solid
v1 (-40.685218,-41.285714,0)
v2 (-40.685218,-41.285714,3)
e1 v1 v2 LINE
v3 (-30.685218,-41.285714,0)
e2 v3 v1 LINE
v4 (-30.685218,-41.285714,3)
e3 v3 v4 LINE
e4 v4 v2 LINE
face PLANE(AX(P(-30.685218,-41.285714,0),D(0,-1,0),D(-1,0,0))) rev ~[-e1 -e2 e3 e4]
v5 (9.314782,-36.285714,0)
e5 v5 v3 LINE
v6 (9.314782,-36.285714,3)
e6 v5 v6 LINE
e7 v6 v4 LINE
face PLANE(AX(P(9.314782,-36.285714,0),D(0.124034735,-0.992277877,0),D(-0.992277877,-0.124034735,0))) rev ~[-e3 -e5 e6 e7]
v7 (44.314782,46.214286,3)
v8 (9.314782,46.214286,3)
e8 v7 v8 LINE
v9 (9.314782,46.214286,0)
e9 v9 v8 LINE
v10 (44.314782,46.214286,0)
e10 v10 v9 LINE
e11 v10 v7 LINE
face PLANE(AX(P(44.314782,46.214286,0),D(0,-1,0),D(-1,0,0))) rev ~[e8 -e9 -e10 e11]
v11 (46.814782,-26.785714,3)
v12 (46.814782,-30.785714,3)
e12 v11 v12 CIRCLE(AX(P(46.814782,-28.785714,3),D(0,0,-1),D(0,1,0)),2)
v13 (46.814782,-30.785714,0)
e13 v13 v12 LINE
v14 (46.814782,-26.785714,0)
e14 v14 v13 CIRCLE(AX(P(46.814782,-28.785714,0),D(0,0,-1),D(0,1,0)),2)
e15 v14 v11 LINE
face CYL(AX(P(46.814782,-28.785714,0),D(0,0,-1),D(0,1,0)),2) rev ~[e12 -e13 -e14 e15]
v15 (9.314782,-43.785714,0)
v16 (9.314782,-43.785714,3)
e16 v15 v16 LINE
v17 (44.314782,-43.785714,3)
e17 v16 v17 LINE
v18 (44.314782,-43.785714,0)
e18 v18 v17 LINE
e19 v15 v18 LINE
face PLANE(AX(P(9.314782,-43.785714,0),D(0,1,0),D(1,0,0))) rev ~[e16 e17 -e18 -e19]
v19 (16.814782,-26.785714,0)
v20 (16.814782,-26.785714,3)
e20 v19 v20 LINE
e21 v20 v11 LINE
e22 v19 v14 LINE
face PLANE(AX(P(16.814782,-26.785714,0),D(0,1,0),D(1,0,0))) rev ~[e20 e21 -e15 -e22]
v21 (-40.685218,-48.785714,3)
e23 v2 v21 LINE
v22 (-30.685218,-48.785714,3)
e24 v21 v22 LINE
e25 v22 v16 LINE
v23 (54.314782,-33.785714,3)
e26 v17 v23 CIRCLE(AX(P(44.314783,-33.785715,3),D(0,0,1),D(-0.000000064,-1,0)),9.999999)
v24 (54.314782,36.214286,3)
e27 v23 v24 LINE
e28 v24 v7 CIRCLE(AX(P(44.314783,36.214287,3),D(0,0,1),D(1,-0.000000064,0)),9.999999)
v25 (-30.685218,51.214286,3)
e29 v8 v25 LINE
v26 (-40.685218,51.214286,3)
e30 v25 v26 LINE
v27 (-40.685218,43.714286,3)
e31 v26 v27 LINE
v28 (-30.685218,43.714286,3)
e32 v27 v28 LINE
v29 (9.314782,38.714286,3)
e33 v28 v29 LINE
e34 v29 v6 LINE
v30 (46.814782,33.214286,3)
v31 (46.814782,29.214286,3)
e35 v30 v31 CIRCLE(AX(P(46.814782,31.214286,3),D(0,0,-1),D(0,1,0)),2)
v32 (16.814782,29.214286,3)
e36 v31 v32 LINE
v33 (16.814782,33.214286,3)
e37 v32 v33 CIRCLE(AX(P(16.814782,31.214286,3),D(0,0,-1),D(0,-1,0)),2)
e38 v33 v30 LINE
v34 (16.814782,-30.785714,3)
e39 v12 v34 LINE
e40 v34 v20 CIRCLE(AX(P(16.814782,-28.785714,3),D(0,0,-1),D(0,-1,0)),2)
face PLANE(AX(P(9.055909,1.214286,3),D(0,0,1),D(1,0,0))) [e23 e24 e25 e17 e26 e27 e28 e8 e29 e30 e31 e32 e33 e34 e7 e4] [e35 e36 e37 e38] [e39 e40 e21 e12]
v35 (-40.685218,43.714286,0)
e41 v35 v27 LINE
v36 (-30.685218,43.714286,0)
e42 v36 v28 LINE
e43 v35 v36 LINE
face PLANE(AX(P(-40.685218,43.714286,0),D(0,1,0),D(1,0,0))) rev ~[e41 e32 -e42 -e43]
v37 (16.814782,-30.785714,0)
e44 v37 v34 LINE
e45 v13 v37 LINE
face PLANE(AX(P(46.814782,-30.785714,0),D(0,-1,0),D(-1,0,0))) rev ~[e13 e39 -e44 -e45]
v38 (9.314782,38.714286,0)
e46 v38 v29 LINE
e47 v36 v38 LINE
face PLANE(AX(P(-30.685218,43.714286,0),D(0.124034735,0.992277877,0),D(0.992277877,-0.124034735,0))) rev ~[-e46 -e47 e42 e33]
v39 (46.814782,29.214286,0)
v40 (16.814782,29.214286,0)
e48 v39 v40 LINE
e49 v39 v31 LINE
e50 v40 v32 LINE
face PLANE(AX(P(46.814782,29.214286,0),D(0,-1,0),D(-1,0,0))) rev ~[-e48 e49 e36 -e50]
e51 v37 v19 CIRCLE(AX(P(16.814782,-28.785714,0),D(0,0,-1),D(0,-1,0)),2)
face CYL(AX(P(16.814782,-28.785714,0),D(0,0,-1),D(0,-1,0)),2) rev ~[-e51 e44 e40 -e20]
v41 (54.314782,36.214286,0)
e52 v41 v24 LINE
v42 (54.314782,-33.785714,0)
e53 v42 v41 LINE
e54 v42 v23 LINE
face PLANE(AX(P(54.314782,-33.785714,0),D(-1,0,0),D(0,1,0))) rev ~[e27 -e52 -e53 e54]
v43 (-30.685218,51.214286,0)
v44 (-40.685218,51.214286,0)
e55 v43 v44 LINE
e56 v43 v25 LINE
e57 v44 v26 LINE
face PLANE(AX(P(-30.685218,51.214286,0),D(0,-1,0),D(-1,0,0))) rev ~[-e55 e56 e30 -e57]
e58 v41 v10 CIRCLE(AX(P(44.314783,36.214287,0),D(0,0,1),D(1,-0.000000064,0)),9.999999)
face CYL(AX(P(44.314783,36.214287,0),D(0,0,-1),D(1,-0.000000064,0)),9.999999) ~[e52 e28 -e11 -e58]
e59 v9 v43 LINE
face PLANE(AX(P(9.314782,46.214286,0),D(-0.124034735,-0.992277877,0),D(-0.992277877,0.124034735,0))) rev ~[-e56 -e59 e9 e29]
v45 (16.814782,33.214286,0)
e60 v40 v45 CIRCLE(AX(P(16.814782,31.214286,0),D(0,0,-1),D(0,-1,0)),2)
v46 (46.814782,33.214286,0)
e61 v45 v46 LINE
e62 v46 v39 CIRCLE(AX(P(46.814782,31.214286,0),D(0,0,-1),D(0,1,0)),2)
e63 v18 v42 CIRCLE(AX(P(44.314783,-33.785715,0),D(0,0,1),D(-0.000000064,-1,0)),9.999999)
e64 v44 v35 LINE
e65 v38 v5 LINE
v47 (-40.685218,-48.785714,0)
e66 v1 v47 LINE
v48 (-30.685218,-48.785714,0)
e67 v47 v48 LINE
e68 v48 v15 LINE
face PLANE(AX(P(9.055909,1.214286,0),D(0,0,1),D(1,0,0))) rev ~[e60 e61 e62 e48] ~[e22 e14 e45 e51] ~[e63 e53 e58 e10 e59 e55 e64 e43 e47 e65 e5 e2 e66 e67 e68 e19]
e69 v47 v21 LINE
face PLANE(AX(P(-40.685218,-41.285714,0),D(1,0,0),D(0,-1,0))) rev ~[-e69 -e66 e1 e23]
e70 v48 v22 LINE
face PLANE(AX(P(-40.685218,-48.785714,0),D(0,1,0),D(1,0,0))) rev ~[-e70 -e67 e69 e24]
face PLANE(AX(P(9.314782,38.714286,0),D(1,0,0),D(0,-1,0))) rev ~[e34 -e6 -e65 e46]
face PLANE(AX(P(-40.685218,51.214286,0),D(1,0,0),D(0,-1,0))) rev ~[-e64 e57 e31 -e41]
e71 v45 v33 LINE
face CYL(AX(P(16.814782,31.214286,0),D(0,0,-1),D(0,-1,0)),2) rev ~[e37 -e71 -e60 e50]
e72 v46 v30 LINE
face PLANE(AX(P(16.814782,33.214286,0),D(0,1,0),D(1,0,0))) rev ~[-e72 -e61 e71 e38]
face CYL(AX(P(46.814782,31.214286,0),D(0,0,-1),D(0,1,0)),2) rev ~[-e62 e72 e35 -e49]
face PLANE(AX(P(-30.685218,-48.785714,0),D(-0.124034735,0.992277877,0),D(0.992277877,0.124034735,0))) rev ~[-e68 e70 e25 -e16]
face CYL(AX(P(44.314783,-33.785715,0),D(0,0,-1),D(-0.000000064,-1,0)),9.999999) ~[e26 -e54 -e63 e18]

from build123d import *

# Parameters (mm, degrees)
F1_DEPTH = 3


with BuildPart() as f1:
    # F0 (on Top) → F1 (new body)
    with BuildSketch(Plane.XY):
        with BuildLine():
            ThreePointArc((54.314782, 36.214286), (51.38585, 43.285354), (44.314782, 46.214286))
            Line((44.314782, 46.214286), (9.314782, 46.214286))
            Line((9.314782, 46.214286), (-30.685218, 51.214286))
            Line((-30.685218, 51.214286), (-40.685218, 51.214286))
            Line((-40.685218, 51.214286), (-40.685218, 43.714286))
            Line((-40.685218, 43.714286), (-30.685218, 43.714286))
            Line((-30.685218, 43.714286), (9.314782, 38.714286))
            Line((9.314782, 38.714286), (9.314782, -36.285714))
            Line((9.314782, -36.285714), (-30.685218, -41.285714))
            Line((-30.685218, -41.285714), (-40.685218, -41.285714))
            Line((-40.685218, -41.285714), (-40.685218, -48.785714))
            Line((-40.685218, -48.785714), (-30.685218, -48.785714))
            Line((-30.685218, -48.785714), (9.314782, -43.785714))
            Line((9.314782, -43.785714), (44.314782, -43.785714))
            ThreePointArc((44.314782, -43.785714), (51.38585, -40.856782), (54.314782, -33.785714))
            Line((54.314782, -33.785714), (54.314782, 36.214286))
        make_face()
        with BuildLine():
            Line((46.814782, -30.785714), (16.814782, -30.785714))
            ThreePointArc((16.814782, -30.785714), (14.814782, -28.785714), (16.814782, -26.785714))
            Line((16.814782, -26.785714), (46.814782, -26.785714))
            ThreePointArc((46.814782, -26.785714), (48.814782, -28.785714), (46.814782, -30.785714))
        make_face(mode=Mode.SUBTRACT)
        with BuildLine():
            ThreePointArc((46.814782, 33.214286), (48.814782, 31.214286), (46.814782, 29.214286))
            Line((46.814782, 29.214286), (16.814782, 29.214286))
            ThreePointArc((16.814782, 29.214286), (14.814782, 31.214286), (16.814782, 33.214286))
            Line((16.814782, 33.214286), (46.814782, 33.214286))
        make_face(mode=Mode.SUBTRACT)
    extrude(amount=F1_DEPTH)


solid = f1.part
